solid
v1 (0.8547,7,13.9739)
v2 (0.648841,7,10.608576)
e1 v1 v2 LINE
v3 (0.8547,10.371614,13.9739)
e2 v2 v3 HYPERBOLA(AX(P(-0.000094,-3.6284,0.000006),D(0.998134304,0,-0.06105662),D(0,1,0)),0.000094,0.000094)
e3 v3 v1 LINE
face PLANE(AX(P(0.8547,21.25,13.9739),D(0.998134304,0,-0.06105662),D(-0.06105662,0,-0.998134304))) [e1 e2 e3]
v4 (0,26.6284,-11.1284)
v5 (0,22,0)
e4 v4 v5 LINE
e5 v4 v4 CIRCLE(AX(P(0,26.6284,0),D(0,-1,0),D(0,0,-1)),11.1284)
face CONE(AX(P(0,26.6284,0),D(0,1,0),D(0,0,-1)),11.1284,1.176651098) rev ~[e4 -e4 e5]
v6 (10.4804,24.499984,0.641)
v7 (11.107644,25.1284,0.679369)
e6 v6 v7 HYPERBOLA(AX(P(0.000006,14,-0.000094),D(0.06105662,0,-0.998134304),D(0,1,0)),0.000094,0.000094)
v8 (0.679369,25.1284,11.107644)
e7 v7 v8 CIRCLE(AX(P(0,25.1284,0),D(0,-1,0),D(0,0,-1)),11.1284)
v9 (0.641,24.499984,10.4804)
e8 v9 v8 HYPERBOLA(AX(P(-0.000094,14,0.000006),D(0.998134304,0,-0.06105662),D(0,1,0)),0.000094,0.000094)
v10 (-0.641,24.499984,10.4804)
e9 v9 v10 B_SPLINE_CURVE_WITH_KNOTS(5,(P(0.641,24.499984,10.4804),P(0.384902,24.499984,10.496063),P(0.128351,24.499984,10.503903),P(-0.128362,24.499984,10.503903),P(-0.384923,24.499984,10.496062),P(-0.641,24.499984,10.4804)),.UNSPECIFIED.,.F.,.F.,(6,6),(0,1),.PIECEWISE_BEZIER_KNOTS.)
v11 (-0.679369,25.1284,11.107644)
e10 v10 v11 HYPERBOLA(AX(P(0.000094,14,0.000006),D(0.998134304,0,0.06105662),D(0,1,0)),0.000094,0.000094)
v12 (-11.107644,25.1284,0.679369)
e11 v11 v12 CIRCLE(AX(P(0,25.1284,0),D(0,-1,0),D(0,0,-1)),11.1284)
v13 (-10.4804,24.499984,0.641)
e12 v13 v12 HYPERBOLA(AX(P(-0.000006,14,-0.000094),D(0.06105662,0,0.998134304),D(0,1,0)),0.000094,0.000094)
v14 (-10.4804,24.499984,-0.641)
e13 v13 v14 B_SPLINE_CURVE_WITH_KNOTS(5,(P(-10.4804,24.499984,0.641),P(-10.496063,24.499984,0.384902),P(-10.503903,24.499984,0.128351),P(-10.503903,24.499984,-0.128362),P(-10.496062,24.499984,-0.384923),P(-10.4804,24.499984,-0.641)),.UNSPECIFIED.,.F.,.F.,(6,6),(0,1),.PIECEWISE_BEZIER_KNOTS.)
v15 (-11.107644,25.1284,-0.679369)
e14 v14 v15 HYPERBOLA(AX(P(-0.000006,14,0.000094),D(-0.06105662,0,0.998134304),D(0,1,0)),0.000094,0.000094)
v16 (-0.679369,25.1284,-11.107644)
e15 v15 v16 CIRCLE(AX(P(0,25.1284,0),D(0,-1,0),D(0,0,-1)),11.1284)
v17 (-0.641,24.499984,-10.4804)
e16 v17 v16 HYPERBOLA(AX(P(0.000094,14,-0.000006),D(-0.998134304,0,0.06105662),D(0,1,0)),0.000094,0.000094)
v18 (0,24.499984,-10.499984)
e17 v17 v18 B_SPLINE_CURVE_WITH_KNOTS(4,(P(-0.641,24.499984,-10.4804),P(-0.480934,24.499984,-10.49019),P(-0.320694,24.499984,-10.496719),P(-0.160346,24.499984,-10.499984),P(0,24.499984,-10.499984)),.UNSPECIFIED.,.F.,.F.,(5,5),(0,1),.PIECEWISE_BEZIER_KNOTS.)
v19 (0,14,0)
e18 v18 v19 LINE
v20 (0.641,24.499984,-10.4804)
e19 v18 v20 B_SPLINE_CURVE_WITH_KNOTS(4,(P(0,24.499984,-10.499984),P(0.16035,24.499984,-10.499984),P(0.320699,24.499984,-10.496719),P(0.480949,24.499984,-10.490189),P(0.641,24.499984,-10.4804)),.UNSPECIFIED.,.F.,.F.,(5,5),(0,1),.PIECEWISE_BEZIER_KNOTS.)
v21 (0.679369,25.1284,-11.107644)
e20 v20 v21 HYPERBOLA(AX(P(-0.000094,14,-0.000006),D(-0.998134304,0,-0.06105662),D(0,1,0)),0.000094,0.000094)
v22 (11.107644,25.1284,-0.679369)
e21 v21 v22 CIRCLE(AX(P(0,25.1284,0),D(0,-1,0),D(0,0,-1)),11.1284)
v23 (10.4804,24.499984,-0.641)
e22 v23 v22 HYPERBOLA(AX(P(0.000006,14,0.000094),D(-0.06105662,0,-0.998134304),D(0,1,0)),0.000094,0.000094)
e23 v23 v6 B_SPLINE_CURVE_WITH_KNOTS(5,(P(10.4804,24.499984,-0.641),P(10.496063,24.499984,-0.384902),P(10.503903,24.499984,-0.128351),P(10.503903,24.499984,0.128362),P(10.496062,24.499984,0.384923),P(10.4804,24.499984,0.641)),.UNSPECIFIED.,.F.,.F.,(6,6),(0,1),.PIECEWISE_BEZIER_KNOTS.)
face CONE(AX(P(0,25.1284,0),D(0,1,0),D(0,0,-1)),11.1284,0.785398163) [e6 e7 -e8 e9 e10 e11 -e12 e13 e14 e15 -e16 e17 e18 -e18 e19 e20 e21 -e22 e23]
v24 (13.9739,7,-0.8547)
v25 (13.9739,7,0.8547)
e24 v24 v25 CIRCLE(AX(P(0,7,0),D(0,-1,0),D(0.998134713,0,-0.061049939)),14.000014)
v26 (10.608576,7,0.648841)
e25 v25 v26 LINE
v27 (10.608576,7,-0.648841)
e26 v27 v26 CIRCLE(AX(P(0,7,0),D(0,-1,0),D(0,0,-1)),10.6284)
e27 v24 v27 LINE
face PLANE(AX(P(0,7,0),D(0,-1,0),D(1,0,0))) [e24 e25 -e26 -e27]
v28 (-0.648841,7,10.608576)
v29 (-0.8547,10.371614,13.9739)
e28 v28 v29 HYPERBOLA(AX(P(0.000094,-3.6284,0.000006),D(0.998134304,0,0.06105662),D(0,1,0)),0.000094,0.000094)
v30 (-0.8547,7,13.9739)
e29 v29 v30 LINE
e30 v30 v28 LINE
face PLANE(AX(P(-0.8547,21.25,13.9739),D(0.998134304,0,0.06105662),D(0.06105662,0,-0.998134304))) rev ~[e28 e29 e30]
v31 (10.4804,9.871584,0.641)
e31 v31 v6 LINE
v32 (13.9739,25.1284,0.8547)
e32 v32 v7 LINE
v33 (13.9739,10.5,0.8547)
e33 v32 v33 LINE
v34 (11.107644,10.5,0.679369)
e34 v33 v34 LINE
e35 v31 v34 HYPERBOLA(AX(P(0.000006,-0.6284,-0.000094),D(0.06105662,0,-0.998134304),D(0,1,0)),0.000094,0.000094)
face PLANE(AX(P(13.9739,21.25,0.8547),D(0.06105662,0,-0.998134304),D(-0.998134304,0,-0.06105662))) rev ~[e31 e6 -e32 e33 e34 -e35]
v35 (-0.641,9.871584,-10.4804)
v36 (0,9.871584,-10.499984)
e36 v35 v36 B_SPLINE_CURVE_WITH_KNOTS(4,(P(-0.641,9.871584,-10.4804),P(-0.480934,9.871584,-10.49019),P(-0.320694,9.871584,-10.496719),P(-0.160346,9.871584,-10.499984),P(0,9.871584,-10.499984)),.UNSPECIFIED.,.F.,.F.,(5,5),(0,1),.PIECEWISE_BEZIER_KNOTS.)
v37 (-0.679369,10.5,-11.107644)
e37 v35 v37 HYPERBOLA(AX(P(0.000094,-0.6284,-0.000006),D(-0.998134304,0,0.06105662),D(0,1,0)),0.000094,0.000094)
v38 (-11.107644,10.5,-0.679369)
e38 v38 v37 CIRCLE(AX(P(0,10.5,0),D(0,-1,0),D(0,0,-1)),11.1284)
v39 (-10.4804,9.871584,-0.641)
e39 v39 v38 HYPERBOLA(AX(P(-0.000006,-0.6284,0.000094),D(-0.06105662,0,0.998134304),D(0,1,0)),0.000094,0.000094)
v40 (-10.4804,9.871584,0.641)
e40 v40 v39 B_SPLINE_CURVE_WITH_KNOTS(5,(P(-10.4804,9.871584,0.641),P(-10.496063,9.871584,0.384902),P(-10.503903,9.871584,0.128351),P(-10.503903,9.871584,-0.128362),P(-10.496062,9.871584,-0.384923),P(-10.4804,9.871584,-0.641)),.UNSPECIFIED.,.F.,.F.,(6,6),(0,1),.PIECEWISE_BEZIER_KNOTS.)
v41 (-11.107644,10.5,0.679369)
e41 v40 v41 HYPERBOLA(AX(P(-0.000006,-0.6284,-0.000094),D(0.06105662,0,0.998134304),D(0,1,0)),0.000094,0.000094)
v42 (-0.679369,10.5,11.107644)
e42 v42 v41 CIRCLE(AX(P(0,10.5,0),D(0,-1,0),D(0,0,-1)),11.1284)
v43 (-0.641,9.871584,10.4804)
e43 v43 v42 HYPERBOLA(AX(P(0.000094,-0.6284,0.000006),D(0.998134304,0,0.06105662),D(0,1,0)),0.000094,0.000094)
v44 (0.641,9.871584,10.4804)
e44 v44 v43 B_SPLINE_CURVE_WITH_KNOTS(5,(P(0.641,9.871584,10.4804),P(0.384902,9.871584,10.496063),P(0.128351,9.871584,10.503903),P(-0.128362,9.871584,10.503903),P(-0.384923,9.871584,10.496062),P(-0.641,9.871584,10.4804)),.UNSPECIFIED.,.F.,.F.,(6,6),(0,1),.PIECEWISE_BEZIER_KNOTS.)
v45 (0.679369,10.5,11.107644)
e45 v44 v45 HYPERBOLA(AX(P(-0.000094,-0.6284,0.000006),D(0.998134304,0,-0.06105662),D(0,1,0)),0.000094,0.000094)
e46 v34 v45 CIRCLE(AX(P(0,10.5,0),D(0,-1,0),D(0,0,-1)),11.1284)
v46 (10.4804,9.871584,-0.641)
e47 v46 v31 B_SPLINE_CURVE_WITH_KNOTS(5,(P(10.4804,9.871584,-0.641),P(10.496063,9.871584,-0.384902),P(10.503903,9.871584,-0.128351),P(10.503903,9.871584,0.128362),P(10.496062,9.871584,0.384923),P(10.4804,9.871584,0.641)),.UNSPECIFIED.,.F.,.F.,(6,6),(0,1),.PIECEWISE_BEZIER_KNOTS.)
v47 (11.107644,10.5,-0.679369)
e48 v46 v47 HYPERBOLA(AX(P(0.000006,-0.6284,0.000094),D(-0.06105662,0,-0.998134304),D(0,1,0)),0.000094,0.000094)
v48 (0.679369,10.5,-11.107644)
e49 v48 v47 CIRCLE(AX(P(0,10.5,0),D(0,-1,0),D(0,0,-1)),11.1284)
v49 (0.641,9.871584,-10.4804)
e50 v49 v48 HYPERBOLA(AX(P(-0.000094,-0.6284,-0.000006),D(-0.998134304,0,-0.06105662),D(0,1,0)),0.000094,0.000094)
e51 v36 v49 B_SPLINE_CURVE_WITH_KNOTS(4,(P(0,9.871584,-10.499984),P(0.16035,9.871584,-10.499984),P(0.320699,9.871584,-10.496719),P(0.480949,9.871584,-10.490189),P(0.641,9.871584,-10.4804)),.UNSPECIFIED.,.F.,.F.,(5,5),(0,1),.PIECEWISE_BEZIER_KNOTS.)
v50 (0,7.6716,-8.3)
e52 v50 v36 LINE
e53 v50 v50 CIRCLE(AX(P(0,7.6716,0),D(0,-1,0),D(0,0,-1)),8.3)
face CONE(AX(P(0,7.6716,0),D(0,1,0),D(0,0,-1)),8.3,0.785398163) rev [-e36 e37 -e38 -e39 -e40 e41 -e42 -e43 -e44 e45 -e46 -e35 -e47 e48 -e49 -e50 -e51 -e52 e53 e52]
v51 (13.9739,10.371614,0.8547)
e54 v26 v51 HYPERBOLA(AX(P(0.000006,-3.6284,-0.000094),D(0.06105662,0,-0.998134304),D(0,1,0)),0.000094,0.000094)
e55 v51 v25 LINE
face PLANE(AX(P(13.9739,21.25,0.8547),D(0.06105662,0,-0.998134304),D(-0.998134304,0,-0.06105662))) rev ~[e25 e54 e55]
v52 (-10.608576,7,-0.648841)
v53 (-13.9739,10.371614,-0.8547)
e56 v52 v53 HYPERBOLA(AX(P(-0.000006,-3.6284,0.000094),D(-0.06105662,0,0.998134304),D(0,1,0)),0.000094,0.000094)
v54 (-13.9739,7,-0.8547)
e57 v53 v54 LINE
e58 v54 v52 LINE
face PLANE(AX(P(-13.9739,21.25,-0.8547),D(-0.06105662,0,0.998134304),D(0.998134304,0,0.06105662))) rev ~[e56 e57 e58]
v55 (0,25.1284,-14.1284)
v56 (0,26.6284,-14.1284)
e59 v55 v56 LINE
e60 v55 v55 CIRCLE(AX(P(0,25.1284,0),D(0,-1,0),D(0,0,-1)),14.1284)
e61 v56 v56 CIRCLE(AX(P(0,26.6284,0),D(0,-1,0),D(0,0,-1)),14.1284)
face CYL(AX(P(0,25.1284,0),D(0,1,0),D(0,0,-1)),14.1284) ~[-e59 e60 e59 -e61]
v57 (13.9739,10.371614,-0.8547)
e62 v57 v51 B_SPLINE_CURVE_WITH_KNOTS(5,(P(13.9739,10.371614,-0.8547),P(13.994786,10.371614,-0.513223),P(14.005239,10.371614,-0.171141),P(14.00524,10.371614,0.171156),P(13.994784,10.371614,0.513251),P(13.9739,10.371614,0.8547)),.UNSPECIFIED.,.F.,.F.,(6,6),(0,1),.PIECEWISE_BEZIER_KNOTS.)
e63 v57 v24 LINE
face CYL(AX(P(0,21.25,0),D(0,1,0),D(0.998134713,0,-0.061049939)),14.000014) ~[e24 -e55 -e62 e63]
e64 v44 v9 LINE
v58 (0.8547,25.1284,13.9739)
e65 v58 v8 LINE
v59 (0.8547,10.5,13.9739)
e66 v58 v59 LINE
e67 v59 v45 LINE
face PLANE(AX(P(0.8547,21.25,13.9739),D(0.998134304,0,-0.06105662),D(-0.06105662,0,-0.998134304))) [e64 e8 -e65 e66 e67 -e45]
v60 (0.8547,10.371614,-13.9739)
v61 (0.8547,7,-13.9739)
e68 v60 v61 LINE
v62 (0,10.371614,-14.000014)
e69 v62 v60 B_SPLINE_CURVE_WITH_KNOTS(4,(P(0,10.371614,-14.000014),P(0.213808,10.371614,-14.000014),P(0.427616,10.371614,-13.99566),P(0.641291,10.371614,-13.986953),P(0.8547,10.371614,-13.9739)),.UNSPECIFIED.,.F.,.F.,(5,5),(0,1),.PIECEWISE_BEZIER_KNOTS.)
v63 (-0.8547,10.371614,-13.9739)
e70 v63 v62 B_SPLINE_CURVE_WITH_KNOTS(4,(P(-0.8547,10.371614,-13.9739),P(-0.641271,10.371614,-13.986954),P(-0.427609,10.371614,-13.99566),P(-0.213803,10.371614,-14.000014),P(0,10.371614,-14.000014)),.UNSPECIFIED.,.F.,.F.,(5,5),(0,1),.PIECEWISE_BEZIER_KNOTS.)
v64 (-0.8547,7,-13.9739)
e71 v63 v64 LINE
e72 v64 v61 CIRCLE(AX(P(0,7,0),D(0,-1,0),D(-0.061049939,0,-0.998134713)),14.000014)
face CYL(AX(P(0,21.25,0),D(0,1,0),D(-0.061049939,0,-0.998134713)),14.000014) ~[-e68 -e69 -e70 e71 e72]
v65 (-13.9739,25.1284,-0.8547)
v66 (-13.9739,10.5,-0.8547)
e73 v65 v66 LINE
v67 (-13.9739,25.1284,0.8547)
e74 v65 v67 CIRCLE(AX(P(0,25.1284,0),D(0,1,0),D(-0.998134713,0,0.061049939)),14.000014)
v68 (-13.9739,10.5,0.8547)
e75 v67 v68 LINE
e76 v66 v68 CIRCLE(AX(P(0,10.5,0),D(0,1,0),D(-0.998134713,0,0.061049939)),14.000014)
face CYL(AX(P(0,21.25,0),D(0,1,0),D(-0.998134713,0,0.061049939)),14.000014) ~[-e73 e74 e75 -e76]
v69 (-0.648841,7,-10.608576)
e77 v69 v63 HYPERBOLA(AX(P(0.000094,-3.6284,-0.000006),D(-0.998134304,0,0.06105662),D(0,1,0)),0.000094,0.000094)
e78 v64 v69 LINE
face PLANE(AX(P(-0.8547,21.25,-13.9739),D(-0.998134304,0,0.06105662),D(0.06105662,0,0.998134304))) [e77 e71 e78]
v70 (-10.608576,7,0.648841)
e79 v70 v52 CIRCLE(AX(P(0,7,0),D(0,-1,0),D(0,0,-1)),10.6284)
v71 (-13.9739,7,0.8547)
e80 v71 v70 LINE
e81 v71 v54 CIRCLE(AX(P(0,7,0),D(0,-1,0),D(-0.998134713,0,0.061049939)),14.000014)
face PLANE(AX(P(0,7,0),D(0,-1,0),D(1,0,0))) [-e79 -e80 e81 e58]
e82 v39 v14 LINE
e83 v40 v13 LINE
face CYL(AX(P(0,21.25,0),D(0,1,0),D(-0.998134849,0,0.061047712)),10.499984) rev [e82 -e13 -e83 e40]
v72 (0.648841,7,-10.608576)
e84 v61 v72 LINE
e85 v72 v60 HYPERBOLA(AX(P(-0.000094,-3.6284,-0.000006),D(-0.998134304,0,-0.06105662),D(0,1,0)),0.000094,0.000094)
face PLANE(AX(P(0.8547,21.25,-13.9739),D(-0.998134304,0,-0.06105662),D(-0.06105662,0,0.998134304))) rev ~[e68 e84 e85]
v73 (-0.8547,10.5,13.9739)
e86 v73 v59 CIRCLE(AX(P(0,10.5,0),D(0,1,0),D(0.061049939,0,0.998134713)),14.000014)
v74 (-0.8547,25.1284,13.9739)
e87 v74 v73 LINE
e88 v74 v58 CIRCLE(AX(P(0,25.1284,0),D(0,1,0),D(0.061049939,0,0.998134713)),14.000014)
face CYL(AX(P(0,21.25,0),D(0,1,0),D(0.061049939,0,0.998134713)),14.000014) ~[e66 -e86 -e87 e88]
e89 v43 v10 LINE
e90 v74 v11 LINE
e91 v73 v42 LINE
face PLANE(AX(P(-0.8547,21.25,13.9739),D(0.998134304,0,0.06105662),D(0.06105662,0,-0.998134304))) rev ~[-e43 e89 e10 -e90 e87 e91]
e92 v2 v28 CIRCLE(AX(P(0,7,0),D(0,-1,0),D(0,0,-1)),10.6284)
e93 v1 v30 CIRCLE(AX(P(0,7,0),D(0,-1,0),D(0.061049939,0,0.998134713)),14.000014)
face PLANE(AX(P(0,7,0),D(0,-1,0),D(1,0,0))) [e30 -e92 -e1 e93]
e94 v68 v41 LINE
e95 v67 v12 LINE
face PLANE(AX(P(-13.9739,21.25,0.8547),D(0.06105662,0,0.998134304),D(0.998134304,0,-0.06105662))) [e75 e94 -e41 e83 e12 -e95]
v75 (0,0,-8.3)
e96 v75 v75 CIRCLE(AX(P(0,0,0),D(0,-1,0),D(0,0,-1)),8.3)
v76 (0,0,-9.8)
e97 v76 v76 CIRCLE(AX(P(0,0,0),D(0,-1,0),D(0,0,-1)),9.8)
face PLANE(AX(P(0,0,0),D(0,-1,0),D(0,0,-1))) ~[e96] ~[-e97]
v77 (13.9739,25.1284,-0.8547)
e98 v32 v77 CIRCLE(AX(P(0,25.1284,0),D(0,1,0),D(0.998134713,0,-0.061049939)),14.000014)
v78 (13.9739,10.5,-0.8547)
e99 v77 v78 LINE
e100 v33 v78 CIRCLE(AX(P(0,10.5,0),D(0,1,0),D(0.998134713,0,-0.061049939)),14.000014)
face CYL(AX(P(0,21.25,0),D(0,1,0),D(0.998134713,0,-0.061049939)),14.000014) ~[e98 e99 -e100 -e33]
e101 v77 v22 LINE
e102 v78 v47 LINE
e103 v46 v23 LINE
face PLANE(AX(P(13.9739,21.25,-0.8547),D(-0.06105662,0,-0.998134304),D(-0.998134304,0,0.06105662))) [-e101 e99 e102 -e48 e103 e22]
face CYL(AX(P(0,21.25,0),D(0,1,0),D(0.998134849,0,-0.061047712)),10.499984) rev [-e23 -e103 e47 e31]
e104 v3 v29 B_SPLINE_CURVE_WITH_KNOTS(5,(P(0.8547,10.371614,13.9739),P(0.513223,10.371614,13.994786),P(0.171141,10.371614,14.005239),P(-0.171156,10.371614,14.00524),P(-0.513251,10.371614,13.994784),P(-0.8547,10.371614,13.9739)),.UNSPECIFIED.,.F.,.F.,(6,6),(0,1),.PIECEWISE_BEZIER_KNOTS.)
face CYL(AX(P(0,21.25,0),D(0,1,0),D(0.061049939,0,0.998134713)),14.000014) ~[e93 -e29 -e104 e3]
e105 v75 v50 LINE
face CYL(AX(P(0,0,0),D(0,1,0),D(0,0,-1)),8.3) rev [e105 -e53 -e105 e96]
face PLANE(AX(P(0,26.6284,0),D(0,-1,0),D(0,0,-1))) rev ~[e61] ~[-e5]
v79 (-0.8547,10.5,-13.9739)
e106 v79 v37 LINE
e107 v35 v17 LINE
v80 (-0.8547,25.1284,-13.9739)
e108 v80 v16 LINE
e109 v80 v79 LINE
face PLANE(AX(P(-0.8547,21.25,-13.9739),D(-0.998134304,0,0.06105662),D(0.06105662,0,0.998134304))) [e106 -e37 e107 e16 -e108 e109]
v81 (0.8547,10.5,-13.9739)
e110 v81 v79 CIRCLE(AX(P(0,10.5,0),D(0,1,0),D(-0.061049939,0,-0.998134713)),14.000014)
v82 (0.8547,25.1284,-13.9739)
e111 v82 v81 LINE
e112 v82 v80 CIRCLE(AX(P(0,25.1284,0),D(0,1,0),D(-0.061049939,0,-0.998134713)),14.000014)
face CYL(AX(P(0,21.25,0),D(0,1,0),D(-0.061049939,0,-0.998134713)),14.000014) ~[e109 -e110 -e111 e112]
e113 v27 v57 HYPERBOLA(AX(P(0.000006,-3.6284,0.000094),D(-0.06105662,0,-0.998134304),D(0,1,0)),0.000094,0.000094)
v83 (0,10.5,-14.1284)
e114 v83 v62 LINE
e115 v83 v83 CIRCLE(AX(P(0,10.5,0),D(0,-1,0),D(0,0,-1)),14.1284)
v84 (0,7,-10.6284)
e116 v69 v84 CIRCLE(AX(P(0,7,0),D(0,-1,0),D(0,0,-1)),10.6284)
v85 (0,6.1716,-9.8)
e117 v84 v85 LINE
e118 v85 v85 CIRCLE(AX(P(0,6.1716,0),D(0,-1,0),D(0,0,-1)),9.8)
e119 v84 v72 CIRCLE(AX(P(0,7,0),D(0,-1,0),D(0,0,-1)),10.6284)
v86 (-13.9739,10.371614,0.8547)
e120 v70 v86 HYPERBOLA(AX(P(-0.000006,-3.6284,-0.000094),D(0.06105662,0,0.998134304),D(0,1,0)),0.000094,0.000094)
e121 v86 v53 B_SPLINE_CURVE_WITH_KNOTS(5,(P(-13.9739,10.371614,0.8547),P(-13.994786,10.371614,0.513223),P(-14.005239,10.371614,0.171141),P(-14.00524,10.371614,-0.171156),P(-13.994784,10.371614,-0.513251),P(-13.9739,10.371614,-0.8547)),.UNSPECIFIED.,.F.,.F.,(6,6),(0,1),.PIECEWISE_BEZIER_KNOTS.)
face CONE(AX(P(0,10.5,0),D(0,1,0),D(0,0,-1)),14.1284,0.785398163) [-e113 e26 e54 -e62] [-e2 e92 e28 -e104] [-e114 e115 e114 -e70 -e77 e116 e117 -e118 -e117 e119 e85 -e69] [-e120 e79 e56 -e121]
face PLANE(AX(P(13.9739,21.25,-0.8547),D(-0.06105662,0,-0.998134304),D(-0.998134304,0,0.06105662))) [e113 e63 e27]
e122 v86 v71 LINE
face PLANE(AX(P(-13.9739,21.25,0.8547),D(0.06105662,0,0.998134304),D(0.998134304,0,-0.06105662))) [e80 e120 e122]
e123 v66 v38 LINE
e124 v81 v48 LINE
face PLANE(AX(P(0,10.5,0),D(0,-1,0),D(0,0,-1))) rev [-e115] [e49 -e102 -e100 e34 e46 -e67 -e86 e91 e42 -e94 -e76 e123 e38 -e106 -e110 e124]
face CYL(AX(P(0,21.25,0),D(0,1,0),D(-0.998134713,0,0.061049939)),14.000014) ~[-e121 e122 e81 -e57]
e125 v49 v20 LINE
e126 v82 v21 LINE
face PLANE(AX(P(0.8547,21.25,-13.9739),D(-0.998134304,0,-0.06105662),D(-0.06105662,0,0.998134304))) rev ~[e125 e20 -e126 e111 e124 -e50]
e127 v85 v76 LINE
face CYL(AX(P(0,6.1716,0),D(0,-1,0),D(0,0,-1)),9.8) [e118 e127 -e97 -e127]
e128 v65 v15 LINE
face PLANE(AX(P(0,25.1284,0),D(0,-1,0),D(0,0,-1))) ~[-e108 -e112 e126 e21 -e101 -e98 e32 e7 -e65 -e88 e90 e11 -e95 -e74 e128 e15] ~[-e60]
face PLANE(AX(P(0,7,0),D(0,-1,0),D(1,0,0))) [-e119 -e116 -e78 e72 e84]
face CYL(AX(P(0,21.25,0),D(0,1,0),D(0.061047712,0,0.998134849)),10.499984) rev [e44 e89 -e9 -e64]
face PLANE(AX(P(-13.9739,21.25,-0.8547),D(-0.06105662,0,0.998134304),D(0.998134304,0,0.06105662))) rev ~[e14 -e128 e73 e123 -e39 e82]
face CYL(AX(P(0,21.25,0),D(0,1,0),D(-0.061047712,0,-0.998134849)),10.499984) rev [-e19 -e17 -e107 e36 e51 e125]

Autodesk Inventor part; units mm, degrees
ref_plane "YZ Plane" through (0, 0, 0) normal (1, 0, 0) x (0, 1, 0)
ref_plane "XZ Plane" through (0, 0, 0) normal (0, 1, 0) x (-1, 0, 0)
ref_plane "XY Plane" through (0, 0, 0) normal (0, 0, 1) x (1, 0, 0)
sketch "Sketch1" plane through (0, 0, 0) normal (1, 0, 0) x (0, 1, 0)
  line L0 (0, -8.3) -> (7.6716, -8.3)
  line L1 (14, 0) -> (0, 0) construction
  line L2 (0, 0) -> (0, -8.3) construction
  line L3 (6.1716, -9.8) -> (0, -9.8)
  line L4 (0, -8.3) -> (0, -9.8)
  line L5 (25.1284, -11.1284) -> (25.1284, -14.1284)
  line L6 (25.1284, -14.1284) -> (26.6284, -14.1284)
  line L7 (14, 0) -> (22, 0)
  line L8 (25.1284, -11.1284) -> (14, 0)
  line L9 (26.6284, -14.1284) -> (26.6284, -11.1284)
  line L10 (26.6284, -11.1284) -> (22, 0)
  line L11 (7.6716, -8.3) -> (10.5, -11.1284)
  line L12 (10.5, -11.1284) -> (10.5, -14.1284)
  line L13 (10.5, -14.1284) -> (6.1716, -9.8)
  line L14 (25.1284, -11.1284) -> (10.5, -11.1284) construction
  dimension "d2" = 14
  dimension "d3" = 8.3
  dimension "d9" = 1.5
  dimension "d71" = 1.5
  dimension "d72" = 3
  dimension "d74" = 8
  dimension "d170" = 3
  dimension "d171" = 4
  dimension "d172" = 135
  dimension "d176" = 3.5
revolve "Revolution3" add sketch "Sketch1" angle 360 about axis through (0, 14, 0) along (0, -1, 0)
ref_plane "Work Plane2" through (0, 21.25, 0) normal (0, -1, 0) x (1, 0, 0)
sketch "Sketch13" plane through (0, 21.25, 0) normal (0, -1, 0) x (1, 0, 0)
  arc A0 (-13.9739, 0.8547) -> (-13.9739, -0.8547) centre (0, 0) ccw
  line L0 (0, 0) -> (-13.9739, -0.8547) construction
  line L1 (0, 0) -> (14, 0) construction
  line L2 (0, 0) -> (-13.9739, 0.8547) construction
  arc A1 (-10.4804, 0.641) -> (-10.4804, -0.641) centre (0, 0) ccw
  line L3 (0, 0) -> (-10.4804, 0.641) construction
  line L4 (0, 0) -> (-10.4804, -0.641) construction
  line L5 (-13.9739, -0.8547) -> (-10.4804, -0.641)
  line L6 (-13.9739, 0.8547) -> (-10.4804, 0.641)
  line L7 (0, 2.675) -> (0, -2.675)
  arc A2 (13.9739, -0.8547) -> (13.9739, 0.8547) centre (0, 0) ccw
  arc A3 (10.4804, -0.641) -> (10.4804, 0.641) centre (0, 0) ccw
  line L8 (13.9739, -0.8547) -> (10.4804, -0.641)
  line L9 (13.9739, 0.8547) -> (10.4804, 0.641)
  line L10 (-1.7678, 1.7678) -> (1.7678, -1.7678)
  line L11 (-1.7678, 1.7678) -> (3.2322, 1.7678) construction
  arc A4 (0.8547, 13.9739) -> (-0.8547, 13.9739) centre (0, 0) ccw
  arc A5 (0.641, 10.4804) -> (-0.641, 10.4804) centre (0, 0) ccw
  line L12 (0.8547, 13.9739) -> (0.641, 10.4804)
  line L13 (-0.8547, 13.9739) -> (-0.641, 10.4804)
  arc A6 (-0.8547, -13.9739) -> (0.8547, -13.9739) centre (0, 0) ccw
  arc A7 (-0.641, -10.4804) -> (0.641, -10.4804) centre (0, 0) ccw
  line L14 (-0.8547, -13.9739) -> (-0.641, -10.4804)
  line L15 (0.8547, -13.9739) -> (0.641, -10.4804)
  point P0 (0, 0)
  dimension "d150" = 14
  dimension "d151" = 176.5
  dimension "d152" = 7
  dimension "d153" = 10.5
  dimension "d154" = 7
  dimension "d155" = 5.35
  dimension "d156" = 5
  dimension "d157" = 45
extrude "Extrusion7" add sketch "Sketch13" along normal blind 14.25 and the other way blind 4.75
properties part number "soundconev4"
